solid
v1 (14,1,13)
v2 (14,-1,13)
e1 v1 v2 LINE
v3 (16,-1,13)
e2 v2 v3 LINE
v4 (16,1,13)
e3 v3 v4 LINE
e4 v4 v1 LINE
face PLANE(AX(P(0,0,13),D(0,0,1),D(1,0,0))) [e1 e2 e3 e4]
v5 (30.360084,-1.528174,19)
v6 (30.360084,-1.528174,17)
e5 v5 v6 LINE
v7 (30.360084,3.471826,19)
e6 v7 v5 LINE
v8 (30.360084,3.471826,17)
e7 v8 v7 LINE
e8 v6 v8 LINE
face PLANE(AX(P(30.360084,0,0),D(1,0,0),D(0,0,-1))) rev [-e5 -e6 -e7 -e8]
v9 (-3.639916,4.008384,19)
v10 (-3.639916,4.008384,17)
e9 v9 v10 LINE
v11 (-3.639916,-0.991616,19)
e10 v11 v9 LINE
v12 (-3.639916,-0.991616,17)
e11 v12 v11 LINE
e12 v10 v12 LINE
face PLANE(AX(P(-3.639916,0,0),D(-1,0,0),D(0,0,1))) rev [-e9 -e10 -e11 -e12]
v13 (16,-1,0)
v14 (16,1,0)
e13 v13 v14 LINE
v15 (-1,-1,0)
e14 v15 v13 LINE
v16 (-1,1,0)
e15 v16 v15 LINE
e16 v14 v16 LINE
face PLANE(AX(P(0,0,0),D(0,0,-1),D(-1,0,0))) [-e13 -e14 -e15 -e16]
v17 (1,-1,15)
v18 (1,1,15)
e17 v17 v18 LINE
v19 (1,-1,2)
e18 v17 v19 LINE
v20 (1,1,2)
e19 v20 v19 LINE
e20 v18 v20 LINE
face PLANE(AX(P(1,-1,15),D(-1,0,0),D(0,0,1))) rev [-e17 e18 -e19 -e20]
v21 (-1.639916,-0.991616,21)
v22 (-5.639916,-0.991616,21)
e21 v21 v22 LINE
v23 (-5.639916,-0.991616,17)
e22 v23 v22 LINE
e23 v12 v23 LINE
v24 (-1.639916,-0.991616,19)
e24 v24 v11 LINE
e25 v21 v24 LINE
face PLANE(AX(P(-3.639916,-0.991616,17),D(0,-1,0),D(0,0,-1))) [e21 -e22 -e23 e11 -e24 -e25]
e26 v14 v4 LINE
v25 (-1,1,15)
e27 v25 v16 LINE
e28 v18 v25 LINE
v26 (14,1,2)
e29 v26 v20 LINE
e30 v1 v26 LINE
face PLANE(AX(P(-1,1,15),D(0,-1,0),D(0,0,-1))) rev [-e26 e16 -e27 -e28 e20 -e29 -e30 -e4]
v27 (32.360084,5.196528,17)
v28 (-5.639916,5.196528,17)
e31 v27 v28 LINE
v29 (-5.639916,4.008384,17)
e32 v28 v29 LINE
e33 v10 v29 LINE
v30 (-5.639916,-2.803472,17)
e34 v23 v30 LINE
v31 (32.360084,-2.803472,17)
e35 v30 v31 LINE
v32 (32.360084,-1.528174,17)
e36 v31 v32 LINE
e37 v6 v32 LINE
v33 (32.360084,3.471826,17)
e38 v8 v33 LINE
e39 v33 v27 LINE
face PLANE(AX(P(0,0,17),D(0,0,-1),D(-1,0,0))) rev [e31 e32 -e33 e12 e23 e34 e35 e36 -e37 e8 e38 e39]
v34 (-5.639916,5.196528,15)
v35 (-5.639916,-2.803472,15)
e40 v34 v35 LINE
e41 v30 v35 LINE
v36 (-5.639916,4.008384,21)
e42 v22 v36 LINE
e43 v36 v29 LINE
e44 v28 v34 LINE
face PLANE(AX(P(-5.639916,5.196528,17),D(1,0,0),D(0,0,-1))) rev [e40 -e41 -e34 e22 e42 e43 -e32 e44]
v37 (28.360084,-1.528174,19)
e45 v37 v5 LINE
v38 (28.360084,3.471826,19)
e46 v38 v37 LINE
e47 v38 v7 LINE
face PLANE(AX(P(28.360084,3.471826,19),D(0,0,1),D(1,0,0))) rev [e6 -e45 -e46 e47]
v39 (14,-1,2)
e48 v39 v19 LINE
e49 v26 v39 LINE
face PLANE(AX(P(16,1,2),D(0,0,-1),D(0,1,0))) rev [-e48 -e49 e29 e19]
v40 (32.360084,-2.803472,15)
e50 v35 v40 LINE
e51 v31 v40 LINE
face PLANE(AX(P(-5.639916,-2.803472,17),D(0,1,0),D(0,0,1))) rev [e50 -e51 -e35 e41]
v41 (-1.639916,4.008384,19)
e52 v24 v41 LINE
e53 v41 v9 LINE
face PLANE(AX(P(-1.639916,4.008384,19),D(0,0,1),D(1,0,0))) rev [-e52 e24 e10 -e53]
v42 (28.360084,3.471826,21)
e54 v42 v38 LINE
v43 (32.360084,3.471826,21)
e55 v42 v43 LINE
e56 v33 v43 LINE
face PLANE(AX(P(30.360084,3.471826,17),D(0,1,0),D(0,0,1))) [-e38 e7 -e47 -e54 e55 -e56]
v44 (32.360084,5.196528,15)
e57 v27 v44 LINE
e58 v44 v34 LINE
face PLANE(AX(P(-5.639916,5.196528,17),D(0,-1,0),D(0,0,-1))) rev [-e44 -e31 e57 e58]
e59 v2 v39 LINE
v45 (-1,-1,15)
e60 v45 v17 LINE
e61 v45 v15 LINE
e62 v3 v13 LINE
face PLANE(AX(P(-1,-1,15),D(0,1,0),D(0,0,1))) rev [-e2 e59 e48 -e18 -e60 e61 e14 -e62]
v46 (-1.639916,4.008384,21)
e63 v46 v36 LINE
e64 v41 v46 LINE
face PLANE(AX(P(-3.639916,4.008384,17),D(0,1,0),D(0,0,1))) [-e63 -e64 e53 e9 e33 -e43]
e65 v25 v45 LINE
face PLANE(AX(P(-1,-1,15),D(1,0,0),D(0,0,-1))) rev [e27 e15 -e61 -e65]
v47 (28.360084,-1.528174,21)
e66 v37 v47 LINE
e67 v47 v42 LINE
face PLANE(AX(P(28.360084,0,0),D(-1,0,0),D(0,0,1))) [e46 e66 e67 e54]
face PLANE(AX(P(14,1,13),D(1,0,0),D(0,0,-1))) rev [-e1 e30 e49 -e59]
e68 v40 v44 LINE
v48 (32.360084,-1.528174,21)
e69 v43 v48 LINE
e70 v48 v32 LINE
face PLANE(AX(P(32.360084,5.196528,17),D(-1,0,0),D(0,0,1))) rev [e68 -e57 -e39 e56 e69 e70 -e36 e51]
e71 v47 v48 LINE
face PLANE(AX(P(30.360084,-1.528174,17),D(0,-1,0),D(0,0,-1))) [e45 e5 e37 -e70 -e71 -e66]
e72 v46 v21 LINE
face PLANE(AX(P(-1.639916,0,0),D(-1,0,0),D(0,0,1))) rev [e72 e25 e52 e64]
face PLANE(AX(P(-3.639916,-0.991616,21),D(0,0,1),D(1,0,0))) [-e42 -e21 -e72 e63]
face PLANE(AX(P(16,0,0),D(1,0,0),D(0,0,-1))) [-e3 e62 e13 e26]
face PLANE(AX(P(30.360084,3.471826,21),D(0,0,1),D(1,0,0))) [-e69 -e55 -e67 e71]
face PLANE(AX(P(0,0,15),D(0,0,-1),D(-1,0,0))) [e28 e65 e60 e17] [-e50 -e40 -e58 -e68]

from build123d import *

# Parameters (mm, degrees)
SKETCH1_W           = 2
SKETCH1_H           = 2
BOSS_EXTRUDE1_DEPTH = 15
SKETCH4_W           = 2
SKETCH4_H           = 2
BOSS_EXTRUDE3_DEPTH = 15
SKETCH5_W           = 2
SKETCH5_H           = 2
BOSS_EXTRUDE4_DEPTH = 11
SKETCH6_W           = 38
SKETCH6_H           = 8
BOSS_EXTRUDE5_DEPTH = 2
SKETCH8_W           = 4
SKETCH8_H           = 5
BOSS_EXTRUDE6_DEPTH = 2
SKETCH9_W           = 4
SKETCH9_H           = 5
BOSS_EXTRUDE7_DEPTH = 2
SKETCH10_W          = 2
SKETCH10_H          = 5
BOSS_EXTRUDE8_DEPTH = 2
SKETCH11_W          = 2
SKETCH11_H          = 5
BOSS_EXTRUDE9_DEPTH = 2


with BuildPart() as part:
    # Sketch1 → Boss-Extrude1 (new body)
    with BuildSketch(Plane.XY):
        Rectangle(SKETCH1_W, SKETCH1_H)
    extrude(amount=BOSS_EXTRUDE1_DEPTH)

    # Sketch4 → Boss-Extrude3 (add)
    with BuildSketch(Plane(origin=(1, 0, 0), x_dir=(0, 0, -1), z_dir=(1, 0, 0))):
        with Locations((-1, 0)):
            Rectangle(SKETCH4_W, SKETCH4_H)
    extrude(amount=BOSS_EXTRUDE3_DEPTH)

    # Sketch5 → Boss-Extrude4 (add)
    with BuildSketch(Plane.XY.offset(2)):
        with Locations((15, 0)):
            Rectangle(SKETCH5_W, SKETCH5_H)
    extrude(amount=BOSS_EXTRUDE4_DEPTH)

    # Sketch6 → Boss-Extrude5 (add)
    with BuildSketch(Plane.XY.offset(15)):
        with Locations((13.360084104, 1.19652769)):
            Rectangle(SKETCH6_W, SKETCH6_H)
    extrude(amount=BOSS_EXTRUDE5_DEPTH)

    # Sketch8 → Boss-Extrude6 (add)
    with BuildSketch(Plane(origin=(32.360084104, 0, 0), x_dir=(0, 0, -1), z_dir=(1, 0, 0))):
        with Locations((-19, 0.971825631)):
            Rectangle(SKETCH8_W, SKETCH8_H)
    extrude(amount=-BOSS_EXTRUDE6_DEPTH)

    # Sketch9 → Boss-Extrude7 (add)
    with BuildSketch(Plane.ZY.offset(5.639915896)):
        with Locations((19, 1.508383794)):
            Rectangle(SKETCH9_W, SKETCH9_H)
    extrude(amount=-BOSS_EXTRUDE7_DEPTH)

    # Sketch10 → Boss-Extrude8 (add)
    with BuildSketch(Plane(origin=(-3.639915896, 0, 0), x_dir=(0, 0, -1), z_dir=(1, 0, 0))):
        with Locations((-20, 1.508383794)):
            Rectangle(SKETCH10_W, SKETCH10_H)
    extrude(amount=BOSS_EXTRUDE8_DEPTH)

    # Sketch11 → Boss-Extrude9 (add)
    with BuildSketch(Plane.ZY.offset(-30.360084104)):
        with Locations((20, 0.971825631)):
            Rectangle(SKETCH11_W, SKETCH11_H)
    extrude(amount=BOSS_EXTRUDE9_DEPTH)


solid = part.part
